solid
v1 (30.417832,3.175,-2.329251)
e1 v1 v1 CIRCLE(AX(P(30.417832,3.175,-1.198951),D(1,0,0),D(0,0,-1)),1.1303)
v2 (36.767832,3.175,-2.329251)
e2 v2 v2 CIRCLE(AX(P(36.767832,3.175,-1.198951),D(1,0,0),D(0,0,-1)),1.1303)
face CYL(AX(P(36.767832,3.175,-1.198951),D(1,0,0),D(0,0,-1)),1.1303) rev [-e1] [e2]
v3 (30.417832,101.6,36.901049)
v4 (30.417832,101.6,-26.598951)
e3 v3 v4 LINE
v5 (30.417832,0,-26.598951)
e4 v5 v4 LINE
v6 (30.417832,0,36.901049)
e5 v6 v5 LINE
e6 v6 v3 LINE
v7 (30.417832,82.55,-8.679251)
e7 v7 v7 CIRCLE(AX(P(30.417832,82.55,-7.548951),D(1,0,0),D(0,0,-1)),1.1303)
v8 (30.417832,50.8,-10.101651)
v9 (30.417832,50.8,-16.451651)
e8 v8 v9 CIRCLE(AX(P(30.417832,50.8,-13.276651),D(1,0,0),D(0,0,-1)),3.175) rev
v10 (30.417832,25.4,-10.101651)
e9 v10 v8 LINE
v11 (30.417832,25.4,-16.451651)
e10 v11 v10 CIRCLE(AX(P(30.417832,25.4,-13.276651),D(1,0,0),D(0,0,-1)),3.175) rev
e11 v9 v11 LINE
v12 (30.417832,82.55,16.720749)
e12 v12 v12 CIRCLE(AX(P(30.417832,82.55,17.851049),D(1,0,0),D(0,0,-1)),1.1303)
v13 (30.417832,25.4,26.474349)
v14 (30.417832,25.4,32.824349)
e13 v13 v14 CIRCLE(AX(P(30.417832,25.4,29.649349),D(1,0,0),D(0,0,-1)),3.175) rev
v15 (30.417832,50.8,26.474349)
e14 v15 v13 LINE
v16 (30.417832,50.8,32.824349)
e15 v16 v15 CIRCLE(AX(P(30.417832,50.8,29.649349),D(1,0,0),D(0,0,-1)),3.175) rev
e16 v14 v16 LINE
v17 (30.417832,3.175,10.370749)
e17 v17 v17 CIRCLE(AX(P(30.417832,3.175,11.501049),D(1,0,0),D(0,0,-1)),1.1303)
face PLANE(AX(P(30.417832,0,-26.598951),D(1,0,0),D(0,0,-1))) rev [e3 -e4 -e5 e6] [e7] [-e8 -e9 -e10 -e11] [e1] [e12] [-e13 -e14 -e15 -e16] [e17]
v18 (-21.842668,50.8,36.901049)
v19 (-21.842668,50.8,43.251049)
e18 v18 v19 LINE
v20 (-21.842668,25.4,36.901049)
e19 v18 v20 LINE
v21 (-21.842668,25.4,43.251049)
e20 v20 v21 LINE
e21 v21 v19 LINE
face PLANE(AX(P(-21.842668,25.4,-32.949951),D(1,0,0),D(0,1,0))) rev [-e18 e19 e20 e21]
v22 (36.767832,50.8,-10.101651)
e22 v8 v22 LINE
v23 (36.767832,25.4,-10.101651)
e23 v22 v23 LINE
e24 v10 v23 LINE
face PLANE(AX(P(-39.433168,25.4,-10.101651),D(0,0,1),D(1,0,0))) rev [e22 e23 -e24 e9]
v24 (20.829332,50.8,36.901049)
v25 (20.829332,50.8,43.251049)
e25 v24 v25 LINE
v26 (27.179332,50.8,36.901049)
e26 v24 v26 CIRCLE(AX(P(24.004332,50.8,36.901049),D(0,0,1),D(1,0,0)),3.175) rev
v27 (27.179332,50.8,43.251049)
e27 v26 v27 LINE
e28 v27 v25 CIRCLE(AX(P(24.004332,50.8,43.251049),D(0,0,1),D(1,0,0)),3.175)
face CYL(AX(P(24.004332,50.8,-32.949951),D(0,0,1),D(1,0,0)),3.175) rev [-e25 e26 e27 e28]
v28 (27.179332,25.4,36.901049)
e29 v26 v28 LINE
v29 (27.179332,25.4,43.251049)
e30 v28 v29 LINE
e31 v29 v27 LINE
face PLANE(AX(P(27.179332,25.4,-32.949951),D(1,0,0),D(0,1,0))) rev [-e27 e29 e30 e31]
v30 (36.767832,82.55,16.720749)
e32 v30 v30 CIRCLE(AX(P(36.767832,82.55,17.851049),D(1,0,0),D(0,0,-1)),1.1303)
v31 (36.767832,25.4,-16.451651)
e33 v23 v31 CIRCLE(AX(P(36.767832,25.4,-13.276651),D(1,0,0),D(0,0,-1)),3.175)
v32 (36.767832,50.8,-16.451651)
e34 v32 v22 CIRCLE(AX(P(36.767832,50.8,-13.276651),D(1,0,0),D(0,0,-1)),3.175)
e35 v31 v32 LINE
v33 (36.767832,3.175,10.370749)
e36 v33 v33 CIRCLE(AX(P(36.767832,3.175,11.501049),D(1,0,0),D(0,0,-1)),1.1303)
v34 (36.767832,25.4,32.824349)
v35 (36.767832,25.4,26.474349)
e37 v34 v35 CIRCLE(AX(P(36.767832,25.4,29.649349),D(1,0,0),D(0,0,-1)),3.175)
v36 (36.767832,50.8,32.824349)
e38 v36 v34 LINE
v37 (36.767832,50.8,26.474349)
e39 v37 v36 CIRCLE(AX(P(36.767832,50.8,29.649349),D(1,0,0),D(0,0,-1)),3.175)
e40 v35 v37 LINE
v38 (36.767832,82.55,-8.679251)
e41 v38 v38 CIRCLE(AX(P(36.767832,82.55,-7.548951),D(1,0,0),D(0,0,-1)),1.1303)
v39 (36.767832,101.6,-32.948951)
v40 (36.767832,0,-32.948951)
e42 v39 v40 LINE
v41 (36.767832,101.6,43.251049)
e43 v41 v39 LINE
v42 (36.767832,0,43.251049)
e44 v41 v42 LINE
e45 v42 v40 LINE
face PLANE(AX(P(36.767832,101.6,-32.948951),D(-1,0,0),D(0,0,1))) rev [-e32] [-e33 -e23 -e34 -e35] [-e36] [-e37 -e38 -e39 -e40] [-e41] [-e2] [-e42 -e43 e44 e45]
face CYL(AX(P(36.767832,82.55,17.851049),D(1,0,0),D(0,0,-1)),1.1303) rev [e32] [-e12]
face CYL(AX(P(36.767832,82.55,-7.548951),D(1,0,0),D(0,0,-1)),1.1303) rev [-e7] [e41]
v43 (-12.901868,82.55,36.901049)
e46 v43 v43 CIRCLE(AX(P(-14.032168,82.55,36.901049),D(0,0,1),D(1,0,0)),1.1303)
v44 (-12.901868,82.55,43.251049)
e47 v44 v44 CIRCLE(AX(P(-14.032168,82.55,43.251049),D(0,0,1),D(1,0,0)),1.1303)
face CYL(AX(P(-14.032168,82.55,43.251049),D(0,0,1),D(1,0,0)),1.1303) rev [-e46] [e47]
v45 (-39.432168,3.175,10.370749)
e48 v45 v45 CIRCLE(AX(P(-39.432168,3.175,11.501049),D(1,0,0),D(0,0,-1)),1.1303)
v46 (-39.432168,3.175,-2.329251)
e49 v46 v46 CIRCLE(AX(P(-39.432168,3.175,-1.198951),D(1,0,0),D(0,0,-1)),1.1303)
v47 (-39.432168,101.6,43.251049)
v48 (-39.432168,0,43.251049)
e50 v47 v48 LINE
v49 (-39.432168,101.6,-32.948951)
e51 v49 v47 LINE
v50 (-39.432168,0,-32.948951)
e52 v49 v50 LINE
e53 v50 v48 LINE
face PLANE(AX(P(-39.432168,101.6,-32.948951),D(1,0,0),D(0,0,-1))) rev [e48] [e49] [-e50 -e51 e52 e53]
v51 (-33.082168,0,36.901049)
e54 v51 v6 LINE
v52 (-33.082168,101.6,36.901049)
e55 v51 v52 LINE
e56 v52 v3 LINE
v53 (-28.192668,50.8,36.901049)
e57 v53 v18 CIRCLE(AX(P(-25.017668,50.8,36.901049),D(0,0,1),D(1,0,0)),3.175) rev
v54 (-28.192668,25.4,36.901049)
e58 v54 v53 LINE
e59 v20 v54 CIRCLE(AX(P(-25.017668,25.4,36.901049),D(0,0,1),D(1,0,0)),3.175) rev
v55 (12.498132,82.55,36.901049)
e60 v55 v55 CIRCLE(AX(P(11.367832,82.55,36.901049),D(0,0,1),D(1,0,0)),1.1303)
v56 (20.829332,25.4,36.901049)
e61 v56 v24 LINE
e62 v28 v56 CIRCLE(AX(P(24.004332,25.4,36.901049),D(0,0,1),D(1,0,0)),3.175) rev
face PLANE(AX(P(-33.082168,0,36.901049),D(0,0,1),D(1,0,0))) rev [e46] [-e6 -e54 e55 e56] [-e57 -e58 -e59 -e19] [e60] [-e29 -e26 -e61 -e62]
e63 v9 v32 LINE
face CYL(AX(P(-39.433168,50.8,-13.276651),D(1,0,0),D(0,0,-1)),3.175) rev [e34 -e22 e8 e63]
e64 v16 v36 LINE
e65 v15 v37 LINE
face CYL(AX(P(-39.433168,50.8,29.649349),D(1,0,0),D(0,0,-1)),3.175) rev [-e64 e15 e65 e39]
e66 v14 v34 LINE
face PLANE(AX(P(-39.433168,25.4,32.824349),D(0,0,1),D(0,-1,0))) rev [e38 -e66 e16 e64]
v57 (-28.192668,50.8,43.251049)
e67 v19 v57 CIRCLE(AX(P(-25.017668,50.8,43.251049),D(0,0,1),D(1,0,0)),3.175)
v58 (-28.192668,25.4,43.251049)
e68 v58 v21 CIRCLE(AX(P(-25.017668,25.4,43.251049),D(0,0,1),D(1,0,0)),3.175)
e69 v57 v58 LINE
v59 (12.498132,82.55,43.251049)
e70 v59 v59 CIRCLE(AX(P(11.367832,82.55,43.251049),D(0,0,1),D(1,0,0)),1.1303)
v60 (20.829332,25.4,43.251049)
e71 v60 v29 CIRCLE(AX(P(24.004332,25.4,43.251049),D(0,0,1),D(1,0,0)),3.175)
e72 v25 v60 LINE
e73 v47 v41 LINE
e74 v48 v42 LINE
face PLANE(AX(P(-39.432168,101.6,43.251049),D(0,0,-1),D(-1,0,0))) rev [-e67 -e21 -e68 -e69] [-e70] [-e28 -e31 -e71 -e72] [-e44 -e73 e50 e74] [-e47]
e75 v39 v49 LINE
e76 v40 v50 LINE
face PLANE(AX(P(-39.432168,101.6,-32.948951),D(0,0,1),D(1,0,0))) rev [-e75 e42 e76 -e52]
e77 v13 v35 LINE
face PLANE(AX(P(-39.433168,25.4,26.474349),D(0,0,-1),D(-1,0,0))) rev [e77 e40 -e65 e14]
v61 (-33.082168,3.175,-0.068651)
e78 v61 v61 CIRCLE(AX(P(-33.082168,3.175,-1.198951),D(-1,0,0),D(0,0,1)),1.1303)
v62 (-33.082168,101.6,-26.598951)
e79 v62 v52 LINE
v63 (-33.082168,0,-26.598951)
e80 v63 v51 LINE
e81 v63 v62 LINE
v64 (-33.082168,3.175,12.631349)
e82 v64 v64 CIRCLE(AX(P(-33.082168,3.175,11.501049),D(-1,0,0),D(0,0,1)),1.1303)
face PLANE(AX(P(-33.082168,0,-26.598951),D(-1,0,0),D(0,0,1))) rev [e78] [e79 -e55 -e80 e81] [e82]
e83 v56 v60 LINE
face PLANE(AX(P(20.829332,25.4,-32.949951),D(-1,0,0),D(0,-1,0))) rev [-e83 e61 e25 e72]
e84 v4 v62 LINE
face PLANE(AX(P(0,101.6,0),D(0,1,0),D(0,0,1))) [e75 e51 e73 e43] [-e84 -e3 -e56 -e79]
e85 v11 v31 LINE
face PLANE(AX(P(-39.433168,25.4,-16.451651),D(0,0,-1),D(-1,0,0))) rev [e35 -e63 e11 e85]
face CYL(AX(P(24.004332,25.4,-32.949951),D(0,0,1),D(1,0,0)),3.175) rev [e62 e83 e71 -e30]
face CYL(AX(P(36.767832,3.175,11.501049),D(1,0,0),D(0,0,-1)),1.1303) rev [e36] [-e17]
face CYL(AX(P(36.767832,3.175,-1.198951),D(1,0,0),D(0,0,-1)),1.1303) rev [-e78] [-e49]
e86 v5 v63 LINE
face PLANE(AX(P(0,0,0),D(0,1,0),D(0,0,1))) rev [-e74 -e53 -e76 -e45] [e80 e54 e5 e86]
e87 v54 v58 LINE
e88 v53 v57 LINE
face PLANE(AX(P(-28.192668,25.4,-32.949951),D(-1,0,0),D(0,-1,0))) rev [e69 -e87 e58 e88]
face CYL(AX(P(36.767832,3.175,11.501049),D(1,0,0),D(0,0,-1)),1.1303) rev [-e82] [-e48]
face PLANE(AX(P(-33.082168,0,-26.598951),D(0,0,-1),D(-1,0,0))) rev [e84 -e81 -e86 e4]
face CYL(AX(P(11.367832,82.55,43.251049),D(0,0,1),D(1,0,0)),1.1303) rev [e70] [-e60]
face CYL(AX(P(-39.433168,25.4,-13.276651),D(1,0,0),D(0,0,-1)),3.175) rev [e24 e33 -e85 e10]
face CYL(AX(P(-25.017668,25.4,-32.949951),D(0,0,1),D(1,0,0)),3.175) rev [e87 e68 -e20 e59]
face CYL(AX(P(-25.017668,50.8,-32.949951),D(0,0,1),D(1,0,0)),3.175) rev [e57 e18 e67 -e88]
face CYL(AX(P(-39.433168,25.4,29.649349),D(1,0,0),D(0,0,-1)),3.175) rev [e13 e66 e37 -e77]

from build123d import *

# Parameters (mm, degrees)
SKETCH2_W                 = 76.2
SKETCH2_H                 = 76.2
BOSS_EXTRUDE1_DEPTH       = 101.6
SKETCH3_W                 = 63.5
SKETCH3_H                 = 63.5
CUT_EXTRUDE1_DEPTH        = 102.6
CUT_EXTRUDE2_REACH        = 78.2
CUT_EXTRUDE3_REACH        = 78.2
F_4_40_TAPPED_HOLE1_D     = 2.2606
F_4_40_TAPPED_HOLE1_DEPTH = 6.35
F_4_40_TAPPED_HOLE2_D     = 2.2606
F_4_40_TAPPED_HOLE2_DEPTH = 6.35
F_4_40_TAPPED_HOLE3_D     = 2.2606


with BuildPart() as part:
    # Sketch2 → Boss-Extrude1 (new body)
    with BuildSketch(Plane(origin=(0, 0, 0), x_dir=(1, 0, 0), z_dir=(0, 1, 0))):
        with Locations((-1.332167832, -5.151048951)):
            Rectangle(SKETCH2_W, SKETCH2_H)
    extrude(amount=BOSS_EXTRUDE1_DEPTH)

    # Sketch3 → Cut-Extrude1 (cut, through all)
    with BuildSketch(Plane(origin=(0, 101.6, 0), x_dir=(1, 0, 0), z_dir=(0, 1, 0))):
        with Locations((-1.332167832, -5.151048951)):
            Rectangle(SKETCH3_W, SKETCH3_H)
    extrude(amount=-CUT_EXTRUDE1_DEPTH, mode=Mode.SUBTRACT)

    # Sketch4 → Cut-Extrude2 (cut, up to next)
    with BuildSketch(Plane.XY.offset(43.251048951), mode=Mode.PRIVATE) as cut_extrude2_sk1:
        with BuildLine():
            Line((-28.192667832, 25.4), (-28.192667832, 50.8))
            ThreePointArc((-28.192667832, 50.8), (-25.017667832, 53.975), (-21.842667832, 50.8))
            Line((-21.842667832, 50.8), (-21.842667832, 25.4))
            ThreePointArc((-21.842667832, 25.4), (-25.017667832, 22.225), (-28.192667832, 25.4))
        make_face()
    cut_extrude2_tool1 = extrude(cut_extrude2_sk1.sketch, amount=-CUT_EXTRUDE2_REACH, mode=Mode.PRIVATE) & part.part
    add(cut_extrude2_tool1.solids().sort_by_distance((-25.017668, 38.1, 43.251049))[0], mode=Mode.SUBTRACT)
    # Sketch4 → Cut-Extrude2 (cut, up to next)
    with BuildSketch(Plane.XY.offset(43.251048951), mode=Mode.PRIVATE) as cut_extrude2_sk2:
        with BuildLine():
            Line((20.829332168, 25.4), (20.829332168, 50.8))
            ThreePointArc((20.829332168, 50.8), (24.004332168, 53.975), (27.179332168, 50.8))
            Line((27.179332168, 50.8), (27.179332168, 25.4))
            ThreePointArc((27.179332168, 25.4), (24.004332168, 22.225), (20.829332168, 25.4))
        make_face()
    cut_extrude2_tool2 = extrude(cut_extrude2_sk2.sketch, amount=-CUT_EXTRUDE2_REACH, mode=Mode.PRIVATE) & part.part
    add(cut_extrude2_tool2.solids().sort_by_distance((24.004332, 38.1, 43.251049))[0], mode=Mode.SUBTRACT)

    # Sketch5 → Cut-Extrude3 (cut, up to next)
    with BuildSketch(Plane(origin=(36.767832168, 0, 0), x_dir=(0, 0, -1), z_dir=(1, 0, 0)), mode=Mode.PRIVATE) as cut_extrude3_sk1:
        with BuildLine():
            Line((-32.824348951, 25.4), (-32.824348951, 50.8))
            ThreePointArc((-32.824348951, 50.8), (-29.649348951, 53.975), (-26.474348951, 50.8))
            Line((-26.474348951, 50.8), (-26.474348951, 25.4))
            ThreePointArc((-26.474348951, 25.4), (-29.649348951, 22.225), (-32.824348951, 25.4))
        make_face()
    cut_extrude3_tool1 = extrude(cut_extrude3_sk1.sketch, amount=-CUT_EXTRUDE3_REACH, mode=Mode.PRIVATE) & part.part
    add(cut_extrude3_tool1.solids().sort_by_distance((36.767832, 38.1, 29.649349))[0], mode=Mode.SUBTRACT)
    # Sketch5 → Cut-Extrude3 (cut, up to next)
    with BuildSketch(Plane(origin=(36.767832168, 0, 0), x_dir=(0, 0, -1), z_dir=(1, 0, 0)), mode=Mode.PRIVATE) as cut_extrude3_sk2:
        with BuildLine():
            Line((10.101651049, 25.4), (10.101651049, 50.8))
            ThreePointArc((10.101651049, 50.8), (13.276651049, 53.975), (16.451651049, 50.8))
            Line((16.451651049, 50.8), (16.451651049, 25.4))
            ThreePointArc((16.451651049, 25.4), (13.276651049, 22.225), (10.101651049, 25.4))
        make_face()
    cut_extrude3_tool2 = extrude(cut_extrude3_sk2.sketch, amount=-CUT_EXTRUDE3_REACH, mode=Mode.PRIVATE) & part.part
    add(cut_extrude3_tool2.solids().sort_by_distance((36.767832, 38.1, -13.276651))[0], mode=Mode.SUBTRACT)

    # #4-40 Tapped Hole1
    with Locations(Plane.XY.offset(43.251048951)):
        with Locations((-14.032167832, 82.55), (11.367832168, 82.55)):
            Hole(F_4_40_TAPPED_HOLE1_D / 2, depth=F_4_40_TAPPED_HOLE1_DEPTH)

    # #4-40 Tapped Hole2
    with Locations(Plane(origin=(36.767832168, 0, 0), x_dir=(0, 0, -1), z_dir=(1, 0, 0))):
        with Locations((-17.851048951, 82.55), (7.548951049, 82.55)):
            Hole(F_4_40_TAPPED_HOLE2_D / 2, depth=F_4_40_TAPPED_HOLE2_DEPTH)

    # #4-40 Tapped Hole3 (through all)
    with Locations(Plane(origin=(36.767832168, 0, 0), x_dir=(0, 0, -1), z_dir=(1, 0, 0))):
        with Locations((1.198951049, 3.175), (-11.501048951, 3.175)):
            Hole(F_4_40_TAPPED_HOLE3_D / 2)


solid = part.part
